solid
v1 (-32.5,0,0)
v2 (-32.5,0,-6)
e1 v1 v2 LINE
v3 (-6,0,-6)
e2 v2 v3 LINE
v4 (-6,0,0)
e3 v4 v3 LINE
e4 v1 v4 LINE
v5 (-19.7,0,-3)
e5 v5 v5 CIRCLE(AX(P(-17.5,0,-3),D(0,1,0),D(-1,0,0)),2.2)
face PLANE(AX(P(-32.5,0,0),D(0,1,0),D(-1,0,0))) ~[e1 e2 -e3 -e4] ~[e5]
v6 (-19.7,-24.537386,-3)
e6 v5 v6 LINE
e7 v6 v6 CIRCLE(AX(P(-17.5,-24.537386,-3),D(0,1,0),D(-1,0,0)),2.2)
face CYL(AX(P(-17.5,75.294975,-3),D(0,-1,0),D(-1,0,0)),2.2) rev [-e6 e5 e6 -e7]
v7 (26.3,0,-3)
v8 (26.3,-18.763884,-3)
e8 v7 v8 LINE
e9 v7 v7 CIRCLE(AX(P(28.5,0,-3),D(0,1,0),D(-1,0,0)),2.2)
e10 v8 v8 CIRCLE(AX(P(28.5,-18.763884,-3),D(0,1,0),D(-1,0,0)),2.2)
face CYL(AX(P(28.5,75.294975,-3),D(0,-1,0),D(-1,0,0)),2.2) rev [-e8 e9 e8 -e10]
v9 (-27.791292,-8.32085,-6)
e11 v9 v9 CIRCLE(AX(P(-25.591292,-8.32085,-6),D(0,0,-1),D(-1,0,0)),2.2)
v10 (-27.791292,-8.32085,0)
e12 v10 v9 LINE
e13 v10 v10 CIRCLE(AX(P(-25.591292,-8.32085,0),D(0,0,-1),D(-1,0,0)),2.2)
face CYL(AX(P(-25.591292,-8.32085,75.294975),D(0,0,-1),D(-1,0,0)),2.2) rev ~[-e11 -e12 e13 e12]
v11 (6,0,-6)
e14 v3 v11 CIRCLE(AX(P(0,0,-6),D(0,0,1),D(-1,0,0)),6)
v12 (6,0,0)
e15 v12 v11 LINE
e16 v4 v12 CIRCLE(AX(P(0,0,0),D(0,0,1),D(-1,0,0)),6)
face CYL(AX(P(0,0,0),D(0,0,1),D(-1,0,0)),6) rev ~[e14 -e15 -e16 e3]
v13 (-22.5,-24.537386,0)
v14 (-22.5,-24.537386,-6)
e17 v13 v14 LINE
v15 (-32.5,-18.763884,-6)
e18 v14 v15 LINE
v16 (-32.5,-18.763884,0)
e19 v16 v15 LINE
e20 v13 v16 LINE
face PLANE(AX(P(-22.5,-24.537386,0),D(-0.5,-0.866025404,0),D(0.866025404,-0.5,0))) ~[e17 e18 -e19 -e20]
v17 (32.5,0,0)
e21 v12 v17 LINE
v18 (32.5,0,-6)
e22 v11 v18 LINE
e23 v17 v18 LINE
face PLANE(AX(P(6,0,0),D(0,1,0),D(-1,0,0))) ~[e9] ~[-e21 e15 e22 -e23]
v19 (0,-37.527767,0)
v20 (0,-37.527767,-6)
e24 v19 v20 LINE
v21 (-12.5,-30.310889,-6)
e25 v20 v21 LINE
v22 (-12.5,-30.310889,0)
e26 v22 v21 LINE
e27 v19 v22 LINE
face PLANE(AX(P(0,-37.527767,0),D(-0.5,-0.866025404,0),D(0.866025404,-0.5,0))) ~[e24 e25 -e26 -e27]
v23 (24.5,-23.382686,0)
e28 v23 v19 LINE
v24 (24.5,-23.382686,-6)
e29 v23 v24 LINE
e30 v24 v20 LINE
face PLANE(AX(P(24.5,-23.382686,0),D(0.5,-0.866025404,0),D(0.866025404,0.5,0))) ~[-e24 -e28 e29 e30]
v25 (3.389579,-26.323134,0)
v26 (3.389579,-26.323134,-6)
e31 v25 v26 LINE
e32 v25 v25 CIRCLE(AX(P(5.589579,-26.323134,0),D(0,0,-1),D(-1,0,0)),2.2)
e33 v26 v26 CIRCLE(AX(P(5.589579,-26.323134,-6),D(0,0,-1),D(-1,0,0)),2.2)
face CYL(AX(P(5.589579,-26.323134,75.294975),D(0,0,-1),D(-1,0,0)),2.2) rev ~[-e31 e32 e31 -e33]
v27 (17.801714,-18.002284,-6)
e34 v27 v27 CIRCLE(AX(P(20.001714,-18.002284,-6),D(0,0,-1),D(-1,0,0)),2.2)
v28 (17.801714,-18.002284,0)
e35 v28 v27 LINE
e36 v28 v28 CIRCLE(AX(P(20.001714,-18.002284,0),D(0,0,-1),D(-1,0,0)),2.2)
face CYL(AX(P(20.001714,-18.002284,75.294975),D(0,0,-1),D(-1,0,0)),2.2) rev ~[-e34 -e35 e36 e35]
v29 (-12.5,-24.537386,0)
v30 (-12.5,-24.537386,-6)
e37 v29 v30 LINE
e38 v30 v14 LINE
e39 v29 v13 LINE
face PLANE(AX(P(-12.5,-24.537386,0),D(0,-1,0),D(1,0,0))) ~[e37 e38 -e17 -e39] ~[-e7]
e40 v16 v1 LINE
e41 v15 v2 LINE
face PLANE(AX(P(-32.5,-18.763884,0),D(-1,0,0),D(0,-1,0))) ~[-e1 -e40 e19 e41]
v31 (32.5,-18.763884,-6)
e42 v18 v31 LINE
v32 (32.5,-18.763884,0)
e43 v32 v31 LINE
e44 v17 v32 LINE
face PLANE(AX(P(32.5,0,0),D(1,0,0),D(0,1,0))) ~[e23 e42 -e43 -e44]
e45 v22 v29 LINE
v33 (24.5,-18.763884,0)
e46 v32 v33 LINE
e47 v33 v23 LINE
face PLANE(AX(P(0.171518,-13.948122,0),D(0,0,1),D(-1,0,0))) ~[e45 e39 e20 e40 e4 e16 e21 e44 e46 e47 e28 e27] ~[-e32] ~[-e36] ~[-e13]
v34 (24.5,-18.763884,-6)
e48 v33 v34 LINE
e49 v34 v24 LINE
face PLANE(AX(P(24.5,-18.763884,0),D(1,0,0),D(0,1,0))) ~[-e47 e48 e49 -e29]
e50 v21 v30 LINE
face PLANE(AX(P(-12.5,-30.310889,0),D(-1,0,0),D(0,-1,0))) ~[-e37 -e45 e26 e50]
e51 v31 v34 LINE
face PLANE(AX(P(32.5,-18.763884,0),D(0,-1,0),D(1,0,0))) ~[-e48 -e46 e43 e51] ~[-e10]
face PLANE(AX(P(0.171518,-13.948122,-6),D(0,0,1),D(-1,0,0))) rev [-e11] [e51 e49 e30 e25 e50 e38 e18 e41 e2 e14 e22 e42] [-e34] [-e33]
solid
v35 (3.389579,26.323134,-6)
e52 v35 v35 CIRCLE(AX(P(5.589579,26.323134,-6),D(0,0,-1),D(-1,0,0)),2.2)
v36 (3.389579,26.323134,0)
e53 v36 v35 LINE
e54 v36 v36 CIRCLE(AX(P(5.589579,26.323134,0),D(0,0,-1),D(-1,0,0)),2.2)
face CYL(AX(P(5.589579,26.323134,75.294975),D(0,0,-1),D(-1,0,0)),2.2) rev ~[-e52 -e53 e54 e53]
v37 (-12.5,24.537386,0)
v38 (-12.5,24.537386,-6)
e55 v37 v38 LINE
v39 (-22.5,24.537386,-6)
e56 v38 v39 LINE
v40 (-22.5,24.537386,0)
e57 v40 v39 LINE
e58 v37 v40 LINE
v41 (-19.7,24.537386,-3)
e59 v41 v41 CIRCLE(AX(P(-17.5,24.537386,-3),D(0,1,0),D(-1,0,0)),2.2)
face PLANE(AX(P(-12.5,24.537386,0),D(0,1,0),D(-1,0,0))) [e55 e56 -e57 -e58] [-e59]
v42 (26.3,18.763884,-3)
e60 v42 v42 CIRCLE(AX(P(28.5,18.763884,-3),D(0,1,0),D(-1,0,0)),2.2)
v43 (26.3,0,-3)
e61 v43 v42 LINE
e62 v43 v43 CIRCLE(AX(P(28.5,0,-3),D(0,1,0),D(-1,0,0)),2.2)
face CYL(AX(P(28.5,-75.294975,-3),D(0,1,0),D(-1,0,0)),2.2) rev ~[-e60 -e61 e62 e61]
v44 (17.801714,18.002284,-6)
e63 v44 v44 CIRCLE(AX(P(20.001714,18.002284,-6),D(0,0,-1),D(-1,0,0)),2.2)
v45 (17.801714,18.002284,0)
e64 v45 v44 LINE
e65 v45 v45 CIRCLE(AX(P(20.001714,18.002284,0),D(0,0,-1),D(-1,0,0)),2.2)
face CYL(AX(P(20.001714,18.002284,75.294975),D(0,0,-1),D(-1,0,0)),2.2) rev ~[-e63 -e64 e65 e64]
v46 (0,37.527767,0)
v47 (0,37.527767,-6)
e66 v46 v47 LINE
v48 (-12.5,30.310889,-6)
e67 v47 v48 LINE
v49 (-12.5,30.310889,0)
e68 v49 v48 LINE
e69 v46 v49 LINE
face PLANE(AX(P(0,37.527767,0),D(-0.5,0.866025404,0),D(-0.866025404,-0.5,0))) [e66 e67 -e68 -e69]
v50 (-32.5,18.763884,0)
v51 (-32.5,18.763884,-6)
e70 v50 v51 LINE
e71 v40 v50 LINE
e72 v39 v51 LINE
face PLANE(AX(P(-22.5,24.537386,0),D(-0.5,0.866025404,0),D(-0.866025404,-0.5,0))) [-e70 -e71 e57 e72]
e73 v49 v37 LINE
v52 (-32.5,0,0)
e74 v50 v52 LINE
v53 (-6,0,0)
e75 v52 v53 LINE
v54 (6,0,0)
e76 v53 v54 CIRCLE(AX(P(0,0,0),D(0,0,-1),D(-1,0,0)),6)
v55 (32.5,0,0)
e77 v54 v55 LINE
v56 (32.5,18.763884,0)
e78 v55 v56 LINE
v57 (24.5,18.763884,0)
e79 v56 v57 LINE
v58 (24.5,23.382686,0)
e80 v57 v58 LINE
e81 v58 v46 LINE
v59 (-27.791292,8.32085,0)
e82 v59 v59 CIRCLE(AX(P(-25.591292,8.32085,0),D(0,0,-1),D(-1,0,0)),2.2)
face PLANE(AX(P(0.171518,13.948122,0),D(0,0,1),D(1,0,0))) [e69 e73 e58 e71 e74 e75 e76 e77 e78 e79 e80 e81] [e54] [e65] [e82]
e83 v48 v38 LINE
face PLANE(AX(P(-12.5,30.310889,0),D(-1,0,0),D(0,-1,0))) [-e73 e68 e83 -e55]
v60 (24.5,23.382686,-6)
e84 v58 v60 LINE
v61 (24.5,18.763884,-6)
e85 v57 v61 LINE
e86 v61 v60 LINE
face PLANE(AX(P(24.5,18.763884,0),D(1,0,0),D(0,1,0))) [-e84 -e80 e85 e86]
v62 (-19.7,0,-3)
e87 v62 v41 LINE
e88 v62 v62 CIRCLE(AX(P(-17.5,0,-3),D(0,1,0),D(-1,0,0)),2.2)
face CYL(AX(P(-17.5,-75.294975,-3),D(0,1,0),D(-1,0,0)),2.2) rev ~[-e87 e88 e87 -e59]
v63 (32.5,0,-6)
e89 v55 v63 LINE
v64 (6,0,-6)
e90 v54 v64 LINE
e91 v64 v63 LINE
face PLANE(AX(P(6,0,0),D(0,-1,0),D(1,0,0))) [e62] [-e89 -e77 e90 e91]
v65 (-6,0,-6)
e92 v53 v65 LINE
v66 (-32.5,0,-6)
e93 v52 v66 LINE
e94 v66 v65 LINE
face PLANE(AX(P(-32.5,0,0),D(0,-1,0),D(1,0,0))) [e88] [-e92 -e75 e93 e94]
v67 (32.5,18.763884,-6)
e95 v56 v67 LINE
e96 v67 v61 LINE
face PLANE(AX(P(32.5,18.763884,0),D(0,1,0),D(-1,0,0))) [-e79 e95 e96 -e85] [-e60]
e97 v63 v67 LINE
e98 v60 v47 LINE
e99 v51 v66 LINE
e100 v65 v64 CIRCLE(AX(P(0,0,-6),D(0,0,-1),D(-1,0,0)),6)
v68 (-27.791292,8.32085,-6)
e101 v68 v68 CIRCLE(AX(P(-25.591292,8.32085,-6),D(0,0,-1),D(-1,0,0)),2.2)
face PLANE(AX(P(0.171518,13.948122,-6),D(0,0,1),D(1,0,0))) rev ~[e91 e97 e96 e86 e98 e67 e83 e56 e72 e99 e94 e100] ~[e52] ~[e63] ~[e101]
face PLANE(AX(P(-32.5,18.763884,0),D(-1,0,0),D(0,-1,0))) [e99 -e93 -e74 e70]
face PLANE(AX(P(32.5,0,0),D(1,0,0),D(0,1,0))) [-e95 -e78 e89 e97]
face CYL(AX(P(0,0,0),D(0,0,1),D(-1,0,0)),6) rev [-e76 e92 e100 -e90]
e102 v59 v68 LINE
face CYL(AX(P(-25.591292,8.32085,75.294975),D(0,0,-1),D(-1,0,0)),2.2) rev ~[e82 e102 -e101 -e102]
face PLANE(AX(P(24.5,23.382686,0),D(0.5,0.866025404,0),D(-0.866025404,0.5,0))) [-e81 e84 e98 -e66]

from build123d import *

# Parameters (mm, degrees)
F1_DEPTH = 6
F3_D     = 4.4
F5_D     = 4.4
F5_2_D   = 4.4


with BuildPart() as f1:
    # F0 (on Top) → F1 (new body)
    with BuildSketch(Plane.XY):
        with BuildLine():
            ThreePointArc((-6, 0), (0, 6), (6, 0))
            Line((6, 0), (32.5, 0))
            Line((32.5, 0), (32.5, 18.7638837487))
            Line((32.5, 18.7638837487), (24.5, 18.7638837487))
            Line((24.5, 18.7638837487), (24.5, 23.3826859022))
            Line((24.5, 23.3826859022), (0, 37.5277674973))
            Line((0, 37.5277674973), (-12.5, 30.3108891325))
            Line((-12.5, 30.3108891325), (-12.5, 24.5373864406))
            Line((-12.5, 24.5373864406), (-22.5, 24.5373864406))
            Line((-22.5, 24.5373864406), (-32.5, 18.7638837487))
            Line((-32.5, 18.7638837487), (-32.5, 0))
            Line((-32.5, 0), (-6, 0))
        make_face()
    extrude(amount=-F1_DEPTH)

    # F3 (through all)
    with Locations(Plane.XZ):
        with Locations((28.5, -3), (-17.5, -3)):
            Hole(F3_D / 2)


with BuildPart() as f4_1:
    # F4: instance of F1
    add(f1.part.mirror(Plane.XZ))

    # F5#2 (through all)
    with Locations(Plane.XY):
        with Locations((-25.5912923917, -8.32085), (-25.5912923917, 8.32085), (5.5895787148, 26.3231343269), (20.001713677, 18.0022843269), (20.001713677, -18.0022843269), (5.5895787148, -26.3231343269)):
            Hole(F5_2_D / 2)


with BuildPart() as f1_1:
    add(f1.part)

    # F5 (through all)
    with Locations(Plane.XY):
        with Locations((-25.5912923917, -8.32085), (-25.5912923917, 8.32085), (5.5895787148, 26.3231343269), (20.001713677, 18.0022843269), (20.001713677, -18.0022843269), (5.5895787148, -26.3231343269)):
            Hole(F5_D / 2)


solid = Compound([f4_1.part, f1_1.part])
